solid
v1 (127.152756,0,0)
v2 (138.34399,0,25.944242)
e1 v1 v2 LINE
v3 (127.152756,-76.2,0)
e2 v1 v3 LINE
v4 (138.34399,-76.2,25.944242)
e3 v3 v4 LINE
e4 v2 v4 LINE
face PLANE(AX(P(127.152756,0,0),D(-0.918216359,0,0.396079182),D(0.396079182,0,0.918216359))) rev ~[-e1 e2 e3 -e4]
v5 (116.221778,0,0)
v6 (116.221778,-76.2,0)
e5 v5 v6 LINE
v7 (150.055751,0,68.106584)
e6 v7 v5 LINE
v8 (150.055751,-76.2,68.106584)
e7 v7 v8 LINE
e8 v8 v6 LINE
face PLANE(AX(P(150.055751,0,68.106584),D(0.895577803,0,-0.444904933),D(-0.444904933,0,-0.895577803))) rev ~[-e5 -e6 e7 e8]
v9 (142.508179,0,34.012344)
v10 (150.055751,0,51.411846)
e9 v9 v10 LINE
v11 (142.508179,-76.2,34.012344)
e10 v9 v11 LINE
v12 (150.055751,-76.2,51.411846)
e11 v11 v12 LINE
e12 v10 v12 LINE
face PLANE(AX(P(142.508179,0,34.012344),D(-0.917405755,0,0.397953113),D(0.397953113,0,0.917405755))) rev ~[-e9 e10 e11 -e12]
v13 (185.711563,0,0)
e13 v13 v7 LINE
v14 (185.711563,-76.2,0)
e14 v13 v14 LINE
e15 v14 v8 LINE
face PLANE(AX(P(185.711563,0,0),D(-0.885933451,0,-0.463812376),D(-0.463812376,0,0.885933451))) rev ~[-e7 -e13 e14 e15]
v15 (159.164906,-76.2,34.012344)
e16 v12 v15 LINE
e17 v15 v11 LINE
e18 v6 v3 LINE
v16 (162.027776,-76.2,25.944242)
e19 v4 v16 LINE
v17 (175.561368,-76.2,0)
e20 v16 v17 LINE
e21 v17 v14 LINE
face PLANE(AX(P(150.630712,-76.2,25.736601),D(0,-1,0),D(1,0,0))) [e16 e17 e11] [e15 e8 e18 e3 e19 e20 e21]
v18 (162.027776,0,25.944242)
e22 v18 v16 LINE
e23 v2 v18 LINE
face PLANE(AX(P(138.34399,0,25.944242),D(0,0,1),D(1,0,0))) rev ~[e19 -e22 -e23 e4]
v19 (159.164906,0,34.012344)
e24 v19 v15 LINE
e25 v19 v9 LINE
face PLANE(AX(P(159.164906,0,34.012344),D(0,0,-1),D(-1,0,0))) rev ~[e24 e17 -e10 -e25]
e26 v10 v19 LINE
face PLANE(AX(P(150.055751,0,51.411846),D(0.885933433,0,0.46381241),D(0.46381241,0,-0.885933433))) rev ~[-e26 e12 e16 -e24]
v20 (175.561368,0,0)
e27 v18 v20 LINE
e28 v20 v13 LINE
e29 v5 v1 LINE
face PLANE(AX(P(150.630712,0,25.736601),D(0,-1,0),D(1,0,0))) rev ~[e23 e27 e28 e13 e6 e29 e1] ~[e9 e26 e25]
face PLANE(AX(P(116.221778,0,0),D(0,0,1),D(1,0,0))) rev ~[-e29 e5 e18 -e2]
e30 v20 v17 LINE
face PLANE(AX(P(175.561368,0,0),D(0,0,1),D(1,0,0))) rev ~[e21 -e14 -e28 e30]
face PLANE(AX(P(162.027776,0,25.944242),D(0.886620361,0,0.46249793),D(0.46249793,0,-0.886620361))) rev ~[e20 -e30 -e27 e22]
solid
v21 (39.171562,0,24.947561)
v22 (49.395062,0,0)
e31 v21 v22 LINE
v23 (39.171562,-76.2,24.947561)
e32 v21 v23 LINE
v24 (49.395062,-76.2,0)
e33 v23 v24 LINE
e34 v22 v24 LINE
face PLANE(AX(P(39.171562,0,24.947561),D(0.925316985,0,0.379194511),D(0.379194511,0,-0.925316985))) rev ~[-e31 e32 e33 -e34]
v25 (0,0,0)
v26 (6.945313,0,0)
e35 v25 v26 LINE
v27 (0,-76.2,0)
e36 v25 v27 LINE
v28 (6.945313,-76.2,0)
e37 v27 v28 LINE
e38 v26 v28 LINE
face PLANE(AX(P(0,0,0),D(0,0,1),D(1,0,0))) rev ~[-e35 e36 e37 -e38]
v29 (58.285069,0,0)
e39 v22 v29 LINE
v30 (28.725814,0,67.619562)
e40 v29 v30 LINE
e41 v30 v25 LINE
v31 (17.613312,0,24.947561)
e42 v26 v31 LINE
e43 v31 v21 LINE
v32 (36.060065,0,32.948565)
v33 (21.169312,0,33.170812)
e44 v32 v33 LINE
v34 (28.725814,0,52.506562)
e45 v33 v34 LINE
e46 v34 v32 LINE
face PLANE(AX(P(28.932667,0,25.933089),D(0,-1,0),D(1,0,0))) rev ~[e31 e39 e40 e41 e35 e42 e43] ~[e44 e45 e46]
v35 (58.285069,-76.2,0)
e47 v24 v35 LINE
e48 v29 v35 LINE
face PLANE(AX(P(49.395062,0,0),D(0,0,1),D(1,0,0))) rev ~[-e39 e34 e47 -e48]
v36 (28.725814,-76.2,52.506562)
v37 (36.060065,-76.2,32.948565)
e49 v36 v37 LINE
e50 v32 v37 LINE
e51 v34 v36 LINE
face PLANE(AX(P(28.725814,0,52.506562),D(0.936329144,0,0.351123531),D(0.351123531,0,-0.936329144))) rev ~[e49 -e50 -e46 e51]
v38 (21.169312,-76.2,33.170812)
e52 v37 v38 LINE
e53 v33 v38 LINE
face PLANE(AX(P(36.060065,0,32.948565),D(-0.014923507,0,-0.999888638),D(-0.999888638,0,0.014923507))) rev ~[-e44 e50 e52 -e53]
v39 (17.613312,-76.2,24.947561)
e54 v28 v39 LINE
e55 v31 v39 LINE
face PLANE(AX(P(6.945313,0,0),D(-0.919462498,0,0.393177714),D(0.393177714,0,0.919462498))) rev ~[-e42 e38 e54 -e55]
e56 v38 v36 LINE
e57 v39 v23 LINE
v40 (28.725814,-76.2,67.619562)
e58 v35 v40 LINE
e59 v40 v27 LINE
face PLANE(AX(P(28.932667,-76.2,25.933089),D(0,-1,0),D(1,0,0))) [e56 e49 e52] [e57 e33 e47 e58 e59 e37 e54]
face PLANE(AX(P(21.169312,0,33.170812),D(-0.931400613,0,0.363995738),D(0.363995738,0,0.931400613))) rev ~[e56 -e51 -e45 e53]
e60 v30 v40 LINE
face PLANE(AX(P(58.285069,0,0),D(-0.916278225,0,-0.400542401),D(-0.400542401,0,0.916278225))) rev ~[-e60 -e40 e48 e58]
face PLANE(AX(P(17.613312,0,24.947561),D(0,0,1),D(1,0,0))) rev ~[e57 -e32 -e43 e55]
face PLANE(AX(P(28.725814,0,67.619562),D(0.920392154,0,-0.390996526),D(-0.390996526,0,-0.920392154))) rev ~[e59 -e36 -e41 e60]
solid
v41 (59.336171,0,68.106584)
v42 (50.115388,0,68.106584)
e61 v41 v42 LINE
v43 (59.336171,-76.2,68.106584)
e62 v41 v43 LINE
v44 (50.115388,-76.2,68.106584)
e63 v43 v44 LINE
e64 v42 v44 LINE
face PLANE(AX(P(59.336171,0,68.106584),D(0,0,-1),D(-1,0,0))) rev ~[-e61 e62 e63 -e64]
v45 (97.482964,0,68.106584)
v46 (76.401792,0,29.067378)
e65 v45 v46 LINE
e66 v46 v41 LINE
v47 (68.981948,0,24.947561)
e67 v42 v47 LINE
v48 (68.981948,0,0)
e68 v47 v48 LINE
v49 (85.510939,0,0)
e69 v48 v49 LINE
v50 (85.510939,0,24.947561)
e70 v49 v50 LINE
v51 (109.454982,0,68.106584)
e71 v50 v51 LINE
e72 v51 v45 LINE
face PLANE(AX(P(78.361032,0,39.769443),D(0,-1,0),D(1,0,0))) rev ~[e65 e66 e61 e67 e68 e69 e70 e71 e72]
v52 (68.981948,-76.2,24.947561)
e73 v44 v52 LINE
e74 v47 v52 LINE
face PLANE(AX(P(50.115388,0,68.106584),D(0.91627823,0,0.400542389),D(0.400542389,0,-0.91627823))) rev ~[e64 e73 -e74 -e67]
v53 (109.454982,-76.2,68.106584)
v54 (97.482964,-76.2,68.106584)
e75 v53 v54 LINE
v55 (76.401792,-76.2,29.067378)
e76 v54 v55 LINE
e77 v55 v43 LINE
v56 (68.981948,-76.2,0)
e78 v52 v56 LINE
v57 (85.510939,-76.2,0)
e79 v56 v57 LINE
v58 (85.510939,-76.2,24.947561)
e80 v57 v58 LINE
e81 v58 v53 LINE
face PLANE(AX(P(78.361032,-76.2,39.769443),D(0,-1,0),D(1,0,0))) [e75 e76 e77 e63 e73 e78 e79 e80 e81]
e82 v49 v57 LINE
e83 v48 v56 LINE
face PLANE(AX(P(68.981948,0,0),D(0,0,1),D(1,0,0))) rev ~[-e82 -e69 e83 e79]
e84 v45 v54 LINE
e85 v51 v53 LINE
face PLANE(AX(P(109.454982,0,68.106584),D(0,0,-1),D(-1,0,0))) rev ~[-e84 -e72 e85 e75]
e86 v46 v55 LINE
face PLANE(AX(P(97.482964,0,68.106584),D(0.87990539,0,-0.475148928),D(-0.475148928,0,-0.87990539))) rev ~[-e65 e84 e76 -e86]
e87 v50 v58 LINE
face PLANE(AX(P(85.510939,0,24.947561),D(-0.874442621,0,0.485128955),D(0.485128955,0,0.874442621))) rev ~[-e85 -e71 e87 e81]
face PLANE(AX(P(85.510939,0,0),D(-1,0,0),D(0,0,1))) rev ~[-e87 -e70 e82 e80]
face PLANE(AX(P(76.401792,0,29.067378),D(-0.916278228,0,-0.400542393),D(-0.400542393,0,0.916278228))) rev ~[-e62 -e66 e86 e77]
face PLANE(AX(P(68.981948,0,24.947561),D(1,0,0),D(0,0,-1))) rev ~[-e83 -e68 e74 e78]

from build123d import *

# Parameters (mm, degrees)
F1_DEPTH = 76.2


with BuildPart() as f1:
    # F0 (on Front) → F1 (new body)
    with BuildSketch(Plane.XZ):
        Polygon((28.725814, 67.619562), (0, 0), (6.945313, 0), (17.613312, 24.947561), (39.171562, 24.947561), (49.395062, 0), (58.285069, 0), align=None)
        Polygon((36.060065, 32.948565), (21.169312, 33.170812), (28.725814, 52.506562), align=None, mode=Mode.SUBTRACT)
        Polygon((68.981948, 0), (76.141529, 0), (85.510939, 0), (85.510939, 24.947561), (109.454982, 68.106584), (97.482964, 68.106584), (76.401792, 29.067378), (59.336171, 68.106584), (50.115388, 68.106584), (68.981948, 24.947561), align=None)
        Polygon((150.055751, 68.106584), (116.221778, 0), (127.152756, 0), (138.34399, 25.944242), (162.027776, 25.944242), (175.561368, 0), (185.711563, 0), align=None)
        Polygon((159.164906, 34.012344), (142.508179, 34.012344), (150.055751, 51.411846), align=None, mode=Mode.SUBTRACT)
    extrude(amount=F1_DEPTH)


solid = f1.part
